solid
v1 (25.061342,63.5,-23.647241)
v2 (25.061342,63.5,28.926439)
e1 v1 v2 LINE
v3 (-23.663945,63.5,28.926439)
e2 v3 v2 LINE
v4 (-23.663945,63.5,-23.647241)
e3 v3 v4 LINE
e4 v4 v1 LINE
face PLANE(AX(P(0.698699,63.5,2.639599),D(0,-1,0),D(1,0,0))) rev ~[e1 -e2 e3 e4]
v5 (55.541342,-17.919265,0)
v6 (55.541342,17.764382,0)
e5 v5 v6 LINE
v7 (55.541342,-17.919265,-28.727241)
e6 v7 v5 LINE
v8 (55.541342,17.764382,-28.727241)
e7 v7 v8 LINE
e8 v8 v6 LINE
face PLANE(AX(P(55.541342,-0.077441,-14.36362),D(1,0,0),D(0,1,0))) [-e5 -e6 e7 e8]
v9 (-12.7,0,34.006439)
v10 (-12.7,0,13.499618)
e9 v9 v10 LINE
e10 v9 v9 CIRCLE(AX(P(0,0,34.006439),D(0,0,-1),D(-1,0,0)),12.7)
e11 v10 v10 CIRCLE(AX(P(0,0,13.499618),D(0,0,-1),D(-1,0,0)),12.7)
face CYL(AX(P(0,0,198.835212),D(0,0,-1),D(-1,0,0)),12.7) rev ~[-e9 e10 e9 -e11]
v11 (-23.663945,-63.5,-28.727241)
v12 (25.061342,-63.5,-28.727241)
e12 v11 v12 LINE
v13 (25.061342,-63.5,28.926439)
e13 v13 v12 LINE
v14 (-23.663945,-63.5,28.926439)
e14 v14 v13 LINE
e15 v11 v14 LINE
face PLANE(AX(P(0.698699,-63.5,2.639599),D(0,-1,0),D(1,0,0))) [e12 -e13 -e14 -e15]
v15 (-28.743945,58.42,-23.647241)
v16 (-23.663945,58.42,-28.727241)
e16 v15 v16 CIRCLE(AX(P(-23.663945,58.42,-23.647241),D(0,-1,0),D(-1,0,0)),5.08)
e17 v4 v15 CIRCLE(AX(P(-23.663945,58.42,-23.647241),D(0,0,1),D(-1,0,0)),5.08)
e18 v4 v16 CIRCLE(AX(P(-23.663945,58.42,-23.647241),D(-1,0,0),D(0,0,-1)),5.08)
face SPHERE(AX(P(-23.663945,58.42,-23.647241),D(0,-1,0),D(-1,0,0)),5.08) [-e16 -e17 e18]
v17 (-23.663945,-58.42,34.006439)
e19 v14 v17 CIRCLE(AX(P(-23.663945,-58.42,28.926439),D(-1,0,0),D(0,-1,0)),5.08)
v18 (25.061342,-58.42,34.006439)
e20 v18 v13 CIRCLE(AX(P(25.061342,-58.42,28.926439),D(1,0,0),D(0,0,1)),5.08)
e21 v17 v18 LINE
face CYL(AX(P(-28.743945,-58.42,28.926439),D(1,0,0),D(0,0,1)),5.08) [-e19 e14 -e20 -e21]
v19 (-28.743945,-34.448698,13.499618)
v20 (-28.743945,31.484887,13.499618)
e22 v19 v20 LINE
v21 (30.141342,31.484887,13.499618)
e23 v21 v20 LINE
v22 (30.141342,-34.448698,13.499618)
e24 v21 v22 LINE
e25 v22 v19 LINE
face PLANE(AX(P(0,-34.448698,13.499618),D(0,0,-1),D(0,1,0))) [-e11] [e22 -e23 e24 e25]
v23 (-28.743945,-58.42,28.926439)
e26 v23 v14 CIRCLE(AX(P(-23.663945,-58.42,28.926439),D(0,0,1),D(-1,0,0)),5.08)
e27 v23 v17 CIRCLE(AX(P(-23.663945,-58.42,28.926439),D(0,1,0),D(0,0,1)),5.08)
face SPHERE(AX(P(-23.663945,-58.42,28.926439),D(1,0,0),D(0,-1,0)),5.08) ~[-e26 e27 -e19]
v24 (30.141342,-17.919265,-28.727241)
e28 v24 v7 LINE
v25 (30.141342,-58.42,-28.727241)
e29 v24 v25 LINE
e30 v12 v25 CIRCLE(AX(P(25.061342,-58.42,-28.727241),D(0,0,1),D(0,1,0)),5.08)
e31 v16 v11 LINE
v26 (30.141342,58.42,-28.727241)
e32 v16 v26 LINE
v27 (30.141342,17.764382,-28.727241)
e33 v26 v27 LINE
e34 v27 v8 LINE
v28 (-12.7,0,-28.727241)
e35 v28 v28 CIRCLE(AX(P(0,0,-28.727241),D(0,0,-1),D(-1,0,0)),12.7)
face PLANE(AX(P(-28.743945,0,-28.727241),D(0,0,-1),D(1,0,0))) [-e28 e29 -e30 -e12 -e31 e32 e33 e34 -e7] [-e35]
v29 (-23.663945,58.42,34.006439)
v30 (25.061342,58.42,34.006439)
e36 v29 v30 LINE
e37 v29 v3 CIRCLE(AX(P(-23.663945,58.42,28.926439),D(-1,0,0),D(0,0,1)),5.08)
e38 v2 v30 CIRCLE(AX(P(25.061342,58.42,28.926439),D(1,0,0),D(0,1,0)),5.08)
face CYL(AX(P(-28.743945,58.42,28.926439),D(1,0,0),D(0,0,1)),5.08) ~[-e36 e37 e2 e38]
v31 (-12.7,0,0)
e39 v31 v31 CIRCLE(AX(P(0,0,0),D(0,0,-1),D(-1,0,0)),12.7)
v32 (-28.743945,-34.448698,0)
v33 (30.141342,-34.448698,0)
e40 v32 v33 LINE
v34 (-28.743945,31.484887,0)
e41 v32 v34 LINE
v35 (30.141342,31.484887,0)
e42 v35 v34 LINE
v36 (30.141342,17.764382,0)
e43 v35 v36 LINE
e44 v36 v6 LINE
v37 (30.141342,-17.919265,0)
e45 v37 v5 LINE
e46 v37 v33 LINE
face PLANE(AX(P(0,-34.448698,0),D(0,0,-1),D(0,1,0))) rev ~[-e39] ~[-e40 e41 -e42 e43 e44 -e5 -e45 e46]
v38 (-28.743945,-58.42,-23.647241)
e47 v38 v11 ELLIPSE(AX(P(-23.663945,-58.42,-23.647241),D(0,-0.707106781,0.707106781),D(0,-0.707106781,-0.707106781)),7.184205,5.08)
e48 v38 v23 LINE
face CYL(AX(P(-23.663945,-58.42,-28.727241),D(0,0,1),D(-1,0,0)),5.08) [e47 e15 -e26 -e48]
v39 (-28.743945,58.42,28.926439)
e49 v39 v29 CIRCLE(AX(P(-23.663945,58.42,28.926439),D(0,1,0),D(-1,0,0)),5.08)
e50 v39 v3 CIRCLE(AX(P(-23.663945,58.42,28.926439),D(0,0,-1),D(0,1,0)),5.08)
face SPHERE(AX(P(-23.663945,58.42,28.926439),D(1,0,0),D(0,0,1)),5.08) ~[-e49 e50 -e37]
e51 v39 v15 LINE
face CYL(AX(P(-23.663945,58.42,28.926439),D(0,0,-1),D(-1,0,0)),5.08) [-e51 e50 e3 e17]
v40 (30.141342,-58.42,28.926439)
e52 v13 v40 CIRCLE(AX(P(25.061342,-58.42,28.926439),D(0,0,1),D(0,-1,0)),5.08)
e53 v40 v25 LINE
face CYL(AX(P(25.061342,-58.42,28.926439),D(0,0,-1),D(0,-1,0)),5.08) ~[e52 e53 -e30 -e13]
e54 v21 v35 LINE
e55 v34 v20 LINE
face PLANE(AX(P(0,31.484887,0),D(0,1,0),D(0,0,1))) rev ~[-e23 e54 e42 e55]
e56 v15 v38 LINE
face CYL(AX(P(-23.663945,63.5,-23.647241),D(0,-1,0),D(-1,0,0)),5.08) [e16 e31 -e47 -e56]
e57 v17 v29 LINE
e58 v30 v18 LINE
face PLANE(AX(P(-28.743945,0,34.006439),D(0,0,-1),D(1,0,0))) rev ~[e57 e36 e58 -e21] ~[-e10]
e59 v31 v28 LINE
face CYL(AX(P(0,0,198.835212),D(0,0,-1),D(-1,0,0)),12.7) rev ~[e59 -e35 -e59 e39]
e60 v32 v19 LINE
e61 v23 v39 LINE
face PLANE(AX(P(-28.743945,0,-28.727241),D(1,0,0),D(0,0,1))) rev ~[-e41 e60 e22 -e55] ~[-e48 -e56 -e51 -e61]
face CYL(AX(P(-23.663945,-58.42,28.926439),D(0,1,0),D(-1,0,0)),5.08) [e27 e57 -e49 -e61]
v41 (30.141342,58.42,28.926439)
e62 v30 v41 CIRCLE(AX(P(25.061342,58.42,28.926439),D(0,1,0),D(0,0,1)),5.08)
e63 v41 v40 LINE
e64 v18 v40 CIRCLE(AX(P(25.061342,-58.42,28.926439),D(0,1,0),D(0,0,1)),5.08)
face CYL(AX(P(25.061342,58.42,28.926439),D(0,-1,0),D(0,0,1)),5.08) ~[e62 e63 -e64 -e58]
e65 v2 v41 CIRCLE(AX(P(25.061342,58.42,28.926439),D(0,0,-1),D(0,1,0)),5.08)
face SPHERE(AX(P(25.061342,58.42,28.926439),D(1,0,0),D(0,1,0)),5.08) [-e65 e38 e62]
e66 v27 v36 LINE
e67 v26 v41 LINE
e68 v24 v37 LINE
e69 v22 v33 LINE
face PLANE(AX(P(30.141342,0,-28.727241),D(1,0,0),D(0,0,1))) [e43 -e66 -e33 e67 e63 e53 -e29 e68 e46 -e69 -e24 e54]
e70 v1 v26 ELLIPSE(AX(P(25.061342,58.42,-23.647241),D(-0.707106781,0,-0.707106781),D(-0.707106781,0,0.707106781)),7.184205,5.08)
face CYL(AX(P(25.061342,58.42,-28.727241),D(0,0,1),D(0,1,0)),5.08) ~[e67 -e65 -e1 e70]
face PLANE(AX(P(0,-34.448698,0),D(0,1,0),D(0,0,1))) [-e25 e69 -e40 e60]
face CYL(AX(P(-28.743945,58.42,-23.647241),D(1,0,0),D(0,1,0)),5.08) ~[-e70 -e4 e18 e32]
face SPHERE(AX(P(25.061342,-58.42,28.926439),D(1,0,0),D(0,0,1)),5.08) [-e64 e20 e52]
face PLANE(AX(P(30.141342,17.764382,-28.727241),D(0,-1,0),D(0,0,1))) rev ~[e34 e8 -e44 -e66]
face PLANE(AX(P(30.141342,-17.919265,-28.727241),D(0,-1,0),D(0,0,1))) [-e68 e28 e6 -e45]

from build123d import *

# Parameters (mm, degrees)
F0_W          = 58.8852874935
F0_H          = 62.7336800098
F1_DEPTH      = 63.5
F2_W          = 65.9335851669
F2_H          = 13.4996175766
F3_DEPTH      = 30.1423424313
F3_DEPTH_BACK = 28.7439450622
F4_R          = 5.08
F5_R          = 5.08
F6_R          = 5.08
F7_W          = 35.6836467981
F7_H          = 28.7272408605
F8_DEPTH      = 25.4
F10_D         = 25.4


with BuildPart() as f1:
    # F0 (on Front) → F1 (new body, symmetric)
    with BuildSketch(Plane.XZ):
        with Locations((0.6986986846, 2.6395991445)):
            Rectangle(F0_W, F0_H)
    extrude(amount=F1_DEPTH, both=True)

    # F2 (on Right) → F3 (cut, two sides)
    with BuildSketch(Plane.YZ) as f3_sk:
        with Locations((-1.4819055796, 6.7498087883)):
            Rectangle(F2_W, F2_H)
    extrude(amount=F3_DEPTH, mode=Mode.SUBTRACT)
    extrude(f3_sk.sketch, amount=-F3_DEPTH_BACK, mode=Mode.SUBTRACT)

    # F4
    f4_edges = [f1.edges().sort_by_distance(p)[0] for p in [
        (0.698699, 63.5, 34.006439),
    ]]
    fillet(f4_edges, radius=F4_R)

    # F5
    f5_edges = [f1.edges().sort_by_distance(p)[0] for p in [
        (0.698699, -63.5, 34.006439),
    ]]
    fillet(f5_edges, radius=F5_R)

    # F6
    f6_edges = [f1.edges().sort_by_distance(p)[0] for p in [
        (-28.743945, 0, -28.727241),
        (-28.743945, -63.5, 0.099599),
        (-28.743945, 63.5, 0.099599),
        (30.141342, 63.5, 0.099599),
        (30.141342, 0, 34.006439),
        (-28.743945, 0, 34.006439),
        (0.698699, 63.5, -28.727241),
    ]]
    fillet(f6_edges, radius=F6_R)

    # F7 (on face) → F8 (join)
    with BuildSketch(Plane.YZ.offset(30.1413424313)):
        with Locations((-0.0774413347, -14.3636204302)):
            Rectangle(F7_W, F7_H)
    extrude(amount=F8_DEPTH)

    # F10 (through all)
    with Locations(Plane.XY.offset(34.0064391494)):
        with Locations((0, 0)):
            Hole(F10_D / 2)


solid = f1.part
